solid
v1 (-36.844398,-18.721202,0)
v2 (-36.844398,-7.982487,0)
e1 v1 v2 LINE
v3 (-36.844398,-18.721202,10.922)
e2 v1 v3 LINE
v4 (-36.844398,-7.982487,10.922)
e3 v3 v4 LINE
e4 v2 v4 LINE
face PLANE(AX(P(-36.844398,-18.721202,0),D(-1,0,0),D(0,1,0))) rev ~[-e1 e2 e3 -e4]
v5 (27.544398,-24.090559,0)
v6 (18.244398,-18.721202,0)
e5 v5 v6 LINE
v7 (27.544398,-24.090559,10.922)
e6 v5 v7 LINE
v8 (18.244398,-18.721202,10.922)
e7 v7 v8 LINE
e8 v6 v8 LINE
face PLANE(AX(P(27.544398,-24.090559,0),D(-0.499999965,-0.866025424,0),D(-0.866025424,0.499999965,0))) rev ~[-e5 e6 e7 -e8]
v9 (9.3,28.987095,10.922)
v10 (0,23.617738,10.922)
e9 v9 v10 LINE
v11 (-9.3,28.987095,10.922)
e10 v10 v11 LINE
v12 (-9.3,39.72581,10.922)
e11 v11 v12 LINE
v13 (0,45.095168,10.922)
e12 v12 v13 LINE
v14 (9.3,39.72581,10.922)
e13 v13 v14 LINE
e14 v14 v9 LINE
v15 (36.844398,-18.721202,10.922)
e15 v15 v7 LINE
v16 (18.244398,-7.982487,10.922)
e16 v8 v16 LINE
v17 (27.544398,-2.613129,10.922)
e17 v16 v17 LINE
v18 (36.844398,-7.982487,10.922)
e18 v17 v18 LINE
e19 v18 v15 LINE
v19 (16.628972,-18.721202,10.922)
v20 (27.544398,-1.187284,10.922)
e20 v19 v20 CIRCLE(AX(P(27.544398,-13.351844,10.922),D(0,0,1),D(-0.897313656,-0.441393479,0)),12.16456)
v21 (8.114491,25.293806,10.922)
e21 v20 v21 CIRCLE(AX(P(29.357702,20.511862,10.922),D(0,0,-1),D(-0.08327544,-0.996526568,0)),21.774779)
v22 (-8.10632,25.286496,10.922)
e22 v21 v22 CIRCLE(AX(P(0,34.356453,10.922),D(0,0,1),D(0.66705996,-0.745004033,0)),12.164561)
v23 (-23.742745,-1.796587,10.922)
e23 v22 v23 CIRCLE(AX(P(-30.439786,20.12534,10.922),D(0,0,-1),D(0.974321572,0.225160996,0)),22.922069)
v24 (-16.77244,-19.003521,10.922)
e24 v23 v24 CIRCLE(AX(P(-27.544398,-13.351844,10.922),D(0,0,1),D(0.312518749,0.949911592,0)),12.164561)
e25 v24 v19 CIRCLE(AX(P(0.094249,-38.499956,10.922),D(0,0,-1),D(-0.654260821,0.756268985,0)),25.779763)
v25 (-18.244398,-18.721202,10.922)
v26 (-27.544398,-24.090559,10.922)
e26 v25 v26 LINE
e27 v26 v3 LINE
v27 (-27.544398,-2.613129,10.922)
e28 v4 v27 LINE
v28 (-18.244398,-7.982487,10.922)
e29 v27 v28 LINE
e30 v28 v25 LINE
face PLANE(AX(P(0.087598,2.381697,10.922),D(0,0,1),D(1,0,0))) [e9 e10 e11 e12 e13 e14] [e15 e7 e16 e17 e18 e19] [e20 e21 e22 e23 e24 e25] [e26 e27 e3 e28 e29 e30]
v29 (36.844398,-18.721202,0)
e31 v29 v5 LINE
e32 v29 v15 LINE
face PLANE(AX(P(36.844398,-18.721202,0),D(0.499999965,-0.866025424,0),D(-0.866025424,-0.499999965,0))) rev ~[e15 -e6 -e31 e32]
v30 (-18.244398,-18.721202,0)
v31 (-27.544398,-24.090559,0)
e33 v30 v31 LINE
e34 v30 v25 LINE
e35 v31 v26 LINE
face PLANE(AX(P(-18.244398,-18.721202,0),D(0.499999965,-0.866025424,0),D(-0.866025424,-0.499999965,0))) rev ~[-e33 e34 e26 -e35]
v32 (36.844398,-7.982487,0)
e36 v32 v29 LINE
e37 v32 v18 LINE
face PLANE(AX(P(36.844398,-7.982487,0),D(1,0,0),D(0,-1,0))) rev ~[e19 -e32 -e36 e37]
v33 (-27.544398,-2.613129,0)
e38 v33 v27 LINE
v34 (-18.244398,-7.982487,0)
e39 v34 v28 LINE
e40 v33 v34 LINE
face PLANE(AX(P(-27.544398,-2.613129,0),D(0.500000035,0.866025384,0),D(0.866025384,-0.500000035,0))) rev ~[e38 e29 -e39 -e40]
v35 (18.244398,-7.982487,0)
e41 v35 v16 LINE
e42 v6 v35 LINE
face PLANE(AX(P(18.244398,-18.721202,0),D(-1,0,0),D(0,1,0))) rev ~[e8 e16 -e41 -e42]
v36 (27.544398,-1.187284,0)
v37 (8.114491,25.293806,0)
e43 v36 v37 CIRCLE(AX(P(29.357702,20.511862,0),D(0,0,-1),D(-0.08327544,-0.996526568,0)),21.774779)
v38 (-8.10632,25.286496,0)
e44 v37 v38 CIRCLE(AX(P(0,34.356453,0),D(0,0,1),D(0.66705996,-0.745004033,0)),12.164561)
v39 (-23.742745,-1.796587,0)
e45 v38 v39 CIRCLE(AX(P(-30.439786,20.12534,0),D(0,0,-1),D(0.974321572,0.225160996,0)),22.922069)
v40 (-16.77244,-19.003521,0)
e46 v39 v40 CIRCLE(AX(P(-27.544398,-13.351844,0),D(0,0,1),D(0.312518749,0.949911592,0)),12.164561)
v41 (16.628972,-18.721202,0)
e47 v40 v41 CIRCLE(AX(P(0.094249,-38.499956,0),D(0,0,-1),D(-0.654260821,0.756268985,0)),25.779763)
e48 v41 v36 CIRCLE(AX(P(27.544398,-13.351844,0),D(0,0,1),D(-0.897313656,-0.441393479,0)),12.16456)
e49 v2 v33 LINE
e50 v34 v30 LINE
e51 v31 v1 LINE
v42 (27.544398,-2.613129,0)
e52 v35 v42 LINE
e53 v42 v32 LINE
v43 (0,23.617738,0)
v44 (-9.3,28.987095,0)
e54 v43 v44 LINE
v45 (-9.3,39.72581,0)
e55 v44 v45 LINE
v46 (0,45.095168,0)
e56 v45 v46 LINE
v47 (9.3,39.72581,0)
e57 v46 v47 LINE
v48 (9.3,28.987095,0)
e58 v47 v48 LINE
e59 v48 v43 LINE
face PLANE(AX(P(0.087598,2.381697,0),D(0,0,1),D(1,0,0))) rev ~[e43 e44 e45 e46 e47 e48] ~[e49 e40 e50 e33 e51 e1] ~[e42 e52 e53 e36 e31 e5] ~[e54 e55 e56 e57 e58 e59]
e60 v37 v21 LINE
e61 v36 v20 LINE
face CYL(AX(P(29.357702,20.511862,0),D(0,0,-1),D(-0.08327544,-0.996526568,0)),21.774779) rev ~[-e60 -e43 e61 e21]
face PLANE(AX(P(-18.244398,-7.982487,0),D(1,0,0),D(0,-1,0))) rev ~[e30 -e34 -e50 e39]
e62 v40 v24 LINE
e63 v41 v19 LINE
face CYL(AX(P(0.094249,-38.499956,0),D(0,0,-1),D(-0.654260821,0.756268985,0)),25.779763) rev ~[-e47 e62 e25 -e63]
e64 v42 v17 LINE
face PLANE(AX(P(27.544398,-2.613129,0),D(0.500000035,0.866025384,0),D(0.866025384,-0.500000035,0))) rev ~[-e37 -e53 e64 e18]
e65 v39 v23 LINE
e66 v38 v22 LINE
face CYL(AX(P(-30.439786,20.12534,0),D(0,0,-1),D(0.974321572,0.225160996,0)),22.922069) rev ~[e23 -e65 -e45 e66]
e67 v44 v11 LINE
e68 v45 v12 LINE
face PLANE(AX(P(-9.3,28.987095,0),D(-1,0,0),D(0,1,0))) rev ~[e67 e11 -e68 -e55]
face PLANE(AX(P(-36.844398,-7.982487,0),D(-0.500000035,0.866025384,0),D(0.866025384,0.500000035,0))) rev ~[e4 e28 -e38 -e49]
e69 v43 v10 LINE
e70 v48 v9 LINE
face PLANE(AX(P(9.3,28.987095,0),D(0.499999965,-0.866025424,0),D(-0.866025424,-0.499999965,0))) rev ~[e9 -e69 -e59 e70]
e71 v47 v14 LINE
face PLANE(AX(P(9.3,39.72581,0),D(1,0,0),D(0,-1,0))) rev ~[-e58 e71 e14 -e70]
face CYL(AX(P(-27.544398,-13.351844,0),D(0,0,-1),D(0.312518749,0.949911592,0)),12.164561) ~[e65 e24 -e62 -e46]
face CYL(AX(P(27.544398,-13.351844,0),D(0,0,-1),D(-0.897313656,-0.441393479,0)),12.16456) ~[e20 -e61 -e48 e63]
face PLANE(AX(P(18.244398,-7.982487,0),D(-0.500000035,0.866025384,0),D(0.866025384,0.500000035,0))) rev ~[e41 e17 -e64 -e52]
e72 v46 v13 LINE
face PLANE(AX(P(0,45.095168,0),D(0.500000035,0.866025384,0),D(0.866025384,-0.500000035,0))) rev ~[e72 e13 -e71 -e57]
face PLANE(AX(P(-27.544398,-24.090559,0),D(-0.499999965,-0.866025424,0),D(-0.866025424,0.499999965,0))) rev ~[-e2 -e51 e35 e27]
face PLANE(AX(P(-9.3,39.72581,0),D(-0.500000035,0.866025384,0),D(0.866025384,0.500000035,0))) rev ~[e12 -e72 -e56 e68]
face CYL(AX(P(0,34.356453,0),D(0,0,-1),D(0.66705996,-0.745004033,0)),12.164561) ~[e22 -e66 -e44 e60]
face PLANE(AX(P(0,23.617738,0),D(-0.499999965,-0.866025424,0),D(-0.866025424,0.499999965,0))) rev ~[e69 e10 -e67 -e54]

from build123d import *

# Parameters (mm, degrees)
F0_R     = 11.2
F1_DEPTH = 10.922


with BuildPart() as f1:
    # F0 (on Top) → F1 (new body)
    with BuildSketch(Plane.XY):
        with BuildLine():
            ThreePointArc((27.544398, -1.187284), (11.801713, 7.630548), (8.114491, 25.293806))
            ThreePointArc((8.114491, 25.293806), (-0.005482, 46.521012), (-8.10632, 25.286496))
            ThreePointArc((-8.10632, 25.286496), (-10.588692, 8.664306), (-23.742745, -1.796587))
            ThreePointArc((-23.742745, -1.796587), (-38.819024, -17.919048), (-16.77244, -19.003521))
            ThreePointArc((-16.77244, -19.003521), (-0.123642, -12.721114), (16.628972, -18.721202))
            ThreePointArc((16.628972, -18.721202), (37.871363, -19.780711), (27.544398, -1.187284))
        make_face()
        Polygon((-27.544398, -2.613129), (-18.244398, -7.982487), (-18.244398, -18.721202), (-27.544398, -24.090559), (-36.844398, -18.721202), (-36.844398, -7.982487), align=None, mode=Mode.SUBTRACT)
        Polygon((18.244398, -18.721202), (18.244398, -7.982487), (27.544398, -2.613129), (36.844398, -7.982487), (36.844398, -18.721202), (27.544398, -24.090559), align=None, mode=Mode.SUBTRACT)
        Circle(F0_R, mode=Mode.SUBTRACT)
        Polygon((0, 23.617738), (-9.3, 28.987095), (-9.3, 39.72581), (0, 45.095168), (9.3, 39.72581), (9.3, 28.987095), align=None, mode=Mode.SUBTRACT)
        Circle(F0_R)
    extrude(amount=F1_DEPTH)


solid = f1.part
